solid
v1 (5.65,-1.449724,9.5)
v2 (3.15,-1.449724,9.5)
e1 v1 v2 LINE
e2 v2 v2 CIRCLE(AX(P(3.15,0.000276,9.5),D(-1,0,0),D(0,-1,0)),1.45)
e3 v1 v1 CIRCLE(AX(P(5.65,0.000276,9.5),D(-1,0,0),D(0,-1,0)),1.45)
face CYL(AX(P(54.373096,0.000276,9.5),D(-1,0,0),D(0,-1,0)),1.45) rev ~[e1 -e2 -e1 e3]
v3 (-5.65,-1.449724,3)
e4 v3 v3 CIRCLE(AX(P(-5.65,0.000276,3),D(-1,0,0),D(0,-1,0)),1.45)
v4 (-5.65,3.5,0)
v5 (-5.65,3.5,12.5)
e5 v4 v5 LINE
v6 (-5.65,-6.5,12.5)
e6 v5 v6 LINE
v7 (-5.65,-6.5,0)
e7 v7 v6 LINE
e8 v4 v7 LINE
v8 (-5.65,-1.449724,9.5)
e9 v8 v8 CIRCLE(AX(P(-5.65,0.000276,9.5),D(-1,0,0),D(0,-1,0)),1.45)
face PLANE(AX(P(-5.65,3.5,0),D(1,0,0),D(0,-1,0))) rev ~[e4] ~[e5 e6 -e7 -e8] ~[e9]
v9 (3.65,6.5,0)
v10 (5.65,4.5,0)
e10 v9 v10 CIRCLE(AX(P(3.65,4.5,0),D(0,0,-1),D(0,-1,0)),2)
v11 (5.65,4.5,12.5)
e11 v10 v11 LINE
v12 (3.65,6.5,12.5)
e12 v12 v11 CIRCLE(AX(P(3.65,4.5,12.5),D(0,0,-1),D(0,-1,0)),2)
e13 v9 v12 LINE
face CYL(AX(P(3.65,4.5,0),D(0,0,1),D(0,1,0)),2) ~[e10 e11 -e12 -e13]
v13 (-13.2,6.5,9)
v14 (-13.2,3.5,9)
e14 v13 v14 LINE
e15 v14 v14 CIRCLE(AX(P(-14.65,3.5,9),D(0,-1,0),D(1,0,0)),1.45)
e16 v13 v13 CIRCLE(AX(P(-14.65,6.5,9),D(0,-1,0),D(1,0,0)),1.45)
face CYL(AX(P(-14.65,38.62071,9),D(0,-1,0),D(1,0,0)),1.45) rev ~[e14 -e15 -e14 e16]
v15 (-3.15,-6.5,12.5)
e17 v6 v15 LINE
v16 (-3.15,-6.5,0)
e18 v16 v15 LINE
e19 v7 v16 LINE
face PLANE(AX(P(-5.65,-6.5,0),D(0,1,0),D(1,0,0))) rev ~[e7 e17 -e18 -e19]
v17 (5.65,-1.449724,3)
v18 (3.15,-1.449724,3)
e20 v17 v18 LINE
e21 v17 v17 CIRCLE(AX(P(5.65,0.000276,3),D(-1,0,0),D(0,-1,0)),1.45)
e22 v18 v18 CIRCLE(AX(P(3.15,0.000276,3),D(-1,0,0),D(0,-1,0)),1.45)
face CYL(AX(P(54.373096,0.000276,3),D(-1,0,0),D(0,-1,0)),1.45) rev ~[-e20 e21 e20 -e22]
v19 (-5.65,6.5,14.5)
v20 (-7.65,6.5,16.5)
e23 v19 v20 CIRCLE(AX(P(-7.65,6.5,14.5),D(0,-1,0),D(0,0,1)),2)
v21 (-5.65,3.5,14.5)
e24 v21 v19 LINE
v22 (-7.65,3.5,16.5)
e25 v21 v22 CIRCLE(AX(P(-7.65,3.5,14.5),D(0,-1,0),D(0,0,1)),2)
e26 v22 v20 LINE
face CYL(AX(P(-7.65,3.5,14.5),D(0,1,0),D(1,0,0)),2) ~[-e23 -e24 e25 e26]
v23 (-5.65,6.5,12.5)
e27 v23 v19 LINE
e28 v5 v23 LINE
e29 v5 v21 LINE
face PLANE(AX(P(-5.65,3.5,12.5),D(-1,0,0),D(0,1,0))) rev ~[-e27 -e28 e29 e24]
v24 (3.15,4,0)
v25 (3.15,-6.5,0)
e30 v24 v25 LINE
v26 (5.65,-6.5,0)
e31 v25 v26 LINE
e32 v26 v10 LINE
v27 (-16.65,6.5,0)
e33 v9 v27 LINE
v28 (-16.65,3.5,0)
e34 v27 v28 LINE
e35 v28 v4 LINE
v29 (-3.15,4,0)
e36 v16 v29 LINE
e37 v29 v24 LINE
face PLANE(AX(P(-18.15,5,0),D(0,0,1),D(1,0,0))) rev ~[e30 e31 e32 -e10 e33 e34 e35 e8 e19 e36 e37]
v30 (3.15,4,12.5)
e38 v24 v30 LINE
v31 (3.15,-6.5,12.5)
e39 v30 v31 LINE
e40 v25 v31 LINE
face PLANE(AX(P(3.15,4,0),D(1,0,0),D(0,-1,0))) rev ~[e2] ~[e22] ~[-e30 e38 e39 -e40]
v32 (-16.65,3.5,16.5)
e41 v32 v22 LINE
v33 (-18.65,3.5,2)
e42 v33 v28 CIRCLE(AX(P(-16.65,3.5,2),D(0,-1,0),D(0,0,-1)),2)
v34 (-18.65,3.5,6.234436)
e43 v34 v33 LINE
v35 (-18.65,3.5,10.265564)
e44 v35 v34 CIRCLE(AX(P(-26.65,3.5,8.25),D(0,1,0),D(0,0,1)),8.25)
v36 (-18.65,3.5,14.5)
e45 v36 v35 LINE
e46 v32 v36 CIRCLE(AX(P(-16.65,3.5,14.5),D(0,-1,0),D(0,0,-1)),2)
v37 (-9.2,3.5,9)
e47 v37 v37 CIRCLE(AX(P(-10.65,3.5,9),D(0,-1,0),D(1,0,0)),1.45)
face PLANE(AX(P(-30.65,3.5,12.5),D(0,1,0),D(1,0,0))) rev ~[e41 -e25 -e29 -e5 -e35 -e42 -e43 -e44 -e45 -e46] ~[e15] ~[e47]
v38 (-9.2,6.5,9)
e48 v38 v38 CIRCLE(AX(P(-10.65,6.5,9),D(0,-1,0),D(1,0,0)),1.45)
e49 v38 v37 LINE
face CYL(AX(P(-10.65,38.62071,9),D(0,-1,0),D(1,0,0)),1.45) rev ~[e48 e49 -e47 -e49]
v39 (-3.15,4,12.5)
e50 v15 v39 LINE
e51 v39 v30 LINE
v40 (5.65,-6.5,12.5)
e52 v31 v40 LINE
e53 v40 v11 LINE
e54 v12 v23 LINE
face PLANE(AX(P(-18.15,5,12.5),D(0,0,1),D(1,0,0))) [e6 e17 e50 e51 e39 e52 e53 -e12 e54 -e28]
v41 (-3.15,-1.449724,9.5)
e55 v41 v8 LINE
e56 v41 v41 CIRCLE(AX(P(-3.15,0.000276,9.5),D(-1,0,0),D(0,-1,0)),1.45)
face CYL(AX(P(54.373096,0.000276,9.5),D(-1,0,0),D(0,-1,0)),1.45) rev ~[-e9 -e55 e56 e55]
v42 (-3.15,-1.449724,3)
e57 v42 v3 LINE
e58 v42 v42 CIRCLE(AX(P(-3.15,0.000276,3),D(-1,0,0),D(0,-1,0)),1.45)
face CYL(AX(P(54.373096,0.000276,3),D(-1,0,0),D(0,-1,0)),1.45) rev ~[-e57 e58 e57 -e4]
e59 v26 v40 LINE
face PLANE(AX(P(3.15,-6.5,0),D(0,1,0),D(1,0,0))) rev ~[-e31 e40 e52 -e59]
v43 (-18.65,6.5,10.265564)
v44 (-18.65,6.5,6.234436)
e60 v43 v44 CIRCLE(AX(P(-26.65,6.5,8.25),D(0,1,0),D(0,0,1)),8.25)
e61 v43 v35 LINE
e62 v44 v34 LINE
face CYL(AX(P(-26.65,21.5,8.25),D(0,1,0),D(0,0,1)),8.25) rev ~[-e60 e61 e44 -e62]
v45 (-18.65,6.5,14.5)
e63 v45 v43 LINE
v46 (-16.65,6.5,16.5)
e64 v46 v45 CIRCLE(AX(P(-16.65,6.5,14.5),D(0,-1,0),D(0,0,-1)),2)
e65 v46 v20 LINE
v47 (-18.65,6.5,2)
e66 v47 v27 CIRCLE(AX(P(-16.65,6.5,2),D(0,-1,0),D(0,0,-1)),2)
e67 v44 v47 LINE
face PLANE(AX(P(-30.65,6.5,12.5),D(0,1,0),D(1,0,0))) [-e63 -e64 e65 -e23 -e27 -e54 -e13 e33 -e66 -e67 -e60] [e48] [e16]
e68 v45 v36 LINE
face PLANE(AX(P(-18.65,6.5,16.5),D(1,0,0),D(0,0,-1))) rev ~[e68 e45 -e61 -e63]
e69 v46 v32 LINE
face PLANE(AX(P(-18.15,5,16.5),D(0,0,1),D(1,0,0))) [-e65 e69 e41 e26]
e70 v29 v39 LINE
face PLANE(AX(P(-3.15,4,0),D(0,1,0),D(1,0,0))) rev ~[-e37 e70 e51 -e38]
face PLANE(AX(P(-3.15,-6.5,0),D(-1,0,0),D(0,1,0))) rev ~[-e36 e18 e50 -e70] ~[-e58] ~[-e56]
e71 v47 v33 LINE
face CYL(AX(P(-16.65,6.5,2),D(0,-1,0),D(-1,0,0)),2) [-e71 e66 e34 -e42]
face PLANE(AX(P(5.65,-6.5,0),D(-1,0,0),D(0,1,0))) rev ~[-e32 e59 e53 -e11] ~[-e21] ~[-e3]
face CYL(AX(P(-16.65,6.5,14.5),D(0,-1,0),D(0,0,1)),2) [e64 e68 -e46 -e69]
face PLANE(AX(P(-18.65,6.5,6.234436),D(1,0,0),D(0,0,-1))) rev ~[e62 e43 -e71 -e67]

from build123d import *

# Parameters (mm, degrees)
F0_W      = 25
F0_H      = 3
F1_DEPTH  = 12.5
F2_W      = 25
F2_H      = 3
F3_DEPTH  = 4
F5_DEPTH  = 25
F6_DEPTH  = 15
F8_D      = 2.9
F9_DEPTH  = 25
F11_DEPTH = 25
F12_R     = 2
F13_D     = 2.9


with BuildPart() as f1:
    # F0 (on Top) → F1 (new body)
    with BuildSketch(Plane.XY):
        with Locations((-18.1500001341, 5.0000001341)):
            Rectangle(F0_W, F0_H)
        Polygon((3.15, 4), (3.15, -4), (3.15, -6.5000001341), (5.6500001341, -6.5000001341), (5.6500001341, 6.5000001341), (-5.6500001341, 6.5000001341), (-5.6500001341, 3.5000001341), (-5.6500001341, -6.5000001341), (-3.15, -6.5000001341), (-3.15, -4), (-3.15, 4), align=None)
    extrude(amount=F1_DEPTH)

    # F2 (on face) → F3 (join)
    with BuildSketch(Plane.XY.offset(12.5)):
        with Locations((-18.1500001341, 5.0000001341)):
            Rectangle(F2_W, F2_H)
    extrude(amount=F3_DEPTH)

    # F4 (on face) → F5 (cut)
    with BuildSketch(Plane(origin=(0, 6.5000001341, 0), x_dir=(-1, 0, 0), z_dir=(0, 1, 0))):
        with BuildLine():
            ThreePointArc((26.6500001341, 16.5), (28.7158126292, 16.2371721363), (30.6500001341, 15.4654348448))
            Line((30.6500001341, 15.4654348448), (30.6500001341, 16.5))
            Line((30.6500001341, 16.5), (26.6500001341, 16.5))
        make_face()
        with BuildLine():
            Line((30.6500001341, 0), (30.6500001341, 1.0345651552))
            ThreePointArc((30.6500001341, 1.0345651552), (28.7158126292, 0.2628278637), (26.6500001341, 0))
            Line((26.6500001341, 0), (30.6500001341, 0))
        make_face()
        with BuildLine():
            Line((30.6500001341, 6.1884471872), (30.6500001341, 10.3115528128))
            ThreePointArc((30.6500001341, 10.3115528128), (22.1500001341, 8.25), (30.6500001341, 6.1884471872))
        make_face()
    extrude(amount=-F5_DEPTH, mode=Mode.SUBTRACT)

    # F4 (on face) → F6 (join)
    with BuildSketch(Plane(origin=(0, 6.5000001341, 0), x_dir=(-1, 0, 0), z_dir=(0, 1, 0))):
        with BuildLine():
            ThreePointArc((30.6500001341, 6.1884471872), (22.1500001341, 8.25), (30.6500001341, 10.3115528128))
            Line((30.6500001341, 10.3115528128), (30.6500001341, 15.4654348448))
            ThreePointArc((30.6500001341, 15.4654348448), (28.7158126292, 16.2371721363), (26.6500001341, 16.5))
            ThreePointArc((26.6500001341, 16.5), (18.4000001341, 8.25), (26.6500001341, 0))
            ThreePointArc((26.6500001341, 0), (28.7158126292, 0.2628278637), (30.6500001341, 1.0345651552))
            Line((30.6500001341, 1.0345651552), (30.6500001341, 6.1884471872))
        make_face()
    extrude(amount=F6_DEPTH)

    # F8 (through all)
    with Locations(Plane.YZ.offset(5.6500001341)):
        with Locations((0.0002758615, 3), (0.0002758615, 9.5)):
            Hole(F8_D / 2)

    # F9 (cut): a face of the model
    f9_faces = [f1.faces().sort_by_distance(p)[0] for p in [
        (-30.444497701, 21.5000001341, 3.6115061712),
    ]]
    extrude(f9_faces, amount=-F9_DEPTH, mode=Mode.SUBTRACT)

    # F10 (on face) → F11 (cut)
    with BuildSketch(Plane(origin=(0, 6.5000001341, 0), x_dir=(-1, 0, 0), z_dir=(0, 1, 0))):
        with BuildLine():
            Line((18.6500001341, 16.5), (18.6500001341, 10.2655644371))
            ThreePointArc((18.6500001341, 10.2655644371), (21.5788023765, 14.7573384193), (26.6500001341, 16.5))
            Line((26.6500001341, 16.5), (18.6500001341, 16.5))
        make_face()
        with BuildLine():
            Line((18.6500001341, 6.2344355629), (18.6500001341, 0))
            Line((18.6500001341, 0), (26.6500001341, 0))
            ThreePointArc((26.6500001341, 0), (21.5788023765, 1.7426615807), (18.6500001341, 6.2344355629))
        make_face()
    extrude(amount=-F11_DEPTH, mode=Mode.SUBTRACT)

    # F12
    f12_edges = [f1.edges().sort_by_distance(p)[0] for p in [
        (-18.65, 5, 0),
        (-18.65, 5, 16.5),
        (-5.65, 5, 16.5),
        (5.65, 6.5, 6.25),
    ]]
    fillet(f12_edges, radius=F12_R)

    # F13 (through all)
    with Locations(Plane(origin=(0, 6.5000001341, 0), x_dir=(-1, 0, 0), z_dir=(0, 1, 0))):
        with Locations((14.6500001341, 9), (10.6500001341, 9)):
            Hole(F13_D / 2)


solid = f1.part
